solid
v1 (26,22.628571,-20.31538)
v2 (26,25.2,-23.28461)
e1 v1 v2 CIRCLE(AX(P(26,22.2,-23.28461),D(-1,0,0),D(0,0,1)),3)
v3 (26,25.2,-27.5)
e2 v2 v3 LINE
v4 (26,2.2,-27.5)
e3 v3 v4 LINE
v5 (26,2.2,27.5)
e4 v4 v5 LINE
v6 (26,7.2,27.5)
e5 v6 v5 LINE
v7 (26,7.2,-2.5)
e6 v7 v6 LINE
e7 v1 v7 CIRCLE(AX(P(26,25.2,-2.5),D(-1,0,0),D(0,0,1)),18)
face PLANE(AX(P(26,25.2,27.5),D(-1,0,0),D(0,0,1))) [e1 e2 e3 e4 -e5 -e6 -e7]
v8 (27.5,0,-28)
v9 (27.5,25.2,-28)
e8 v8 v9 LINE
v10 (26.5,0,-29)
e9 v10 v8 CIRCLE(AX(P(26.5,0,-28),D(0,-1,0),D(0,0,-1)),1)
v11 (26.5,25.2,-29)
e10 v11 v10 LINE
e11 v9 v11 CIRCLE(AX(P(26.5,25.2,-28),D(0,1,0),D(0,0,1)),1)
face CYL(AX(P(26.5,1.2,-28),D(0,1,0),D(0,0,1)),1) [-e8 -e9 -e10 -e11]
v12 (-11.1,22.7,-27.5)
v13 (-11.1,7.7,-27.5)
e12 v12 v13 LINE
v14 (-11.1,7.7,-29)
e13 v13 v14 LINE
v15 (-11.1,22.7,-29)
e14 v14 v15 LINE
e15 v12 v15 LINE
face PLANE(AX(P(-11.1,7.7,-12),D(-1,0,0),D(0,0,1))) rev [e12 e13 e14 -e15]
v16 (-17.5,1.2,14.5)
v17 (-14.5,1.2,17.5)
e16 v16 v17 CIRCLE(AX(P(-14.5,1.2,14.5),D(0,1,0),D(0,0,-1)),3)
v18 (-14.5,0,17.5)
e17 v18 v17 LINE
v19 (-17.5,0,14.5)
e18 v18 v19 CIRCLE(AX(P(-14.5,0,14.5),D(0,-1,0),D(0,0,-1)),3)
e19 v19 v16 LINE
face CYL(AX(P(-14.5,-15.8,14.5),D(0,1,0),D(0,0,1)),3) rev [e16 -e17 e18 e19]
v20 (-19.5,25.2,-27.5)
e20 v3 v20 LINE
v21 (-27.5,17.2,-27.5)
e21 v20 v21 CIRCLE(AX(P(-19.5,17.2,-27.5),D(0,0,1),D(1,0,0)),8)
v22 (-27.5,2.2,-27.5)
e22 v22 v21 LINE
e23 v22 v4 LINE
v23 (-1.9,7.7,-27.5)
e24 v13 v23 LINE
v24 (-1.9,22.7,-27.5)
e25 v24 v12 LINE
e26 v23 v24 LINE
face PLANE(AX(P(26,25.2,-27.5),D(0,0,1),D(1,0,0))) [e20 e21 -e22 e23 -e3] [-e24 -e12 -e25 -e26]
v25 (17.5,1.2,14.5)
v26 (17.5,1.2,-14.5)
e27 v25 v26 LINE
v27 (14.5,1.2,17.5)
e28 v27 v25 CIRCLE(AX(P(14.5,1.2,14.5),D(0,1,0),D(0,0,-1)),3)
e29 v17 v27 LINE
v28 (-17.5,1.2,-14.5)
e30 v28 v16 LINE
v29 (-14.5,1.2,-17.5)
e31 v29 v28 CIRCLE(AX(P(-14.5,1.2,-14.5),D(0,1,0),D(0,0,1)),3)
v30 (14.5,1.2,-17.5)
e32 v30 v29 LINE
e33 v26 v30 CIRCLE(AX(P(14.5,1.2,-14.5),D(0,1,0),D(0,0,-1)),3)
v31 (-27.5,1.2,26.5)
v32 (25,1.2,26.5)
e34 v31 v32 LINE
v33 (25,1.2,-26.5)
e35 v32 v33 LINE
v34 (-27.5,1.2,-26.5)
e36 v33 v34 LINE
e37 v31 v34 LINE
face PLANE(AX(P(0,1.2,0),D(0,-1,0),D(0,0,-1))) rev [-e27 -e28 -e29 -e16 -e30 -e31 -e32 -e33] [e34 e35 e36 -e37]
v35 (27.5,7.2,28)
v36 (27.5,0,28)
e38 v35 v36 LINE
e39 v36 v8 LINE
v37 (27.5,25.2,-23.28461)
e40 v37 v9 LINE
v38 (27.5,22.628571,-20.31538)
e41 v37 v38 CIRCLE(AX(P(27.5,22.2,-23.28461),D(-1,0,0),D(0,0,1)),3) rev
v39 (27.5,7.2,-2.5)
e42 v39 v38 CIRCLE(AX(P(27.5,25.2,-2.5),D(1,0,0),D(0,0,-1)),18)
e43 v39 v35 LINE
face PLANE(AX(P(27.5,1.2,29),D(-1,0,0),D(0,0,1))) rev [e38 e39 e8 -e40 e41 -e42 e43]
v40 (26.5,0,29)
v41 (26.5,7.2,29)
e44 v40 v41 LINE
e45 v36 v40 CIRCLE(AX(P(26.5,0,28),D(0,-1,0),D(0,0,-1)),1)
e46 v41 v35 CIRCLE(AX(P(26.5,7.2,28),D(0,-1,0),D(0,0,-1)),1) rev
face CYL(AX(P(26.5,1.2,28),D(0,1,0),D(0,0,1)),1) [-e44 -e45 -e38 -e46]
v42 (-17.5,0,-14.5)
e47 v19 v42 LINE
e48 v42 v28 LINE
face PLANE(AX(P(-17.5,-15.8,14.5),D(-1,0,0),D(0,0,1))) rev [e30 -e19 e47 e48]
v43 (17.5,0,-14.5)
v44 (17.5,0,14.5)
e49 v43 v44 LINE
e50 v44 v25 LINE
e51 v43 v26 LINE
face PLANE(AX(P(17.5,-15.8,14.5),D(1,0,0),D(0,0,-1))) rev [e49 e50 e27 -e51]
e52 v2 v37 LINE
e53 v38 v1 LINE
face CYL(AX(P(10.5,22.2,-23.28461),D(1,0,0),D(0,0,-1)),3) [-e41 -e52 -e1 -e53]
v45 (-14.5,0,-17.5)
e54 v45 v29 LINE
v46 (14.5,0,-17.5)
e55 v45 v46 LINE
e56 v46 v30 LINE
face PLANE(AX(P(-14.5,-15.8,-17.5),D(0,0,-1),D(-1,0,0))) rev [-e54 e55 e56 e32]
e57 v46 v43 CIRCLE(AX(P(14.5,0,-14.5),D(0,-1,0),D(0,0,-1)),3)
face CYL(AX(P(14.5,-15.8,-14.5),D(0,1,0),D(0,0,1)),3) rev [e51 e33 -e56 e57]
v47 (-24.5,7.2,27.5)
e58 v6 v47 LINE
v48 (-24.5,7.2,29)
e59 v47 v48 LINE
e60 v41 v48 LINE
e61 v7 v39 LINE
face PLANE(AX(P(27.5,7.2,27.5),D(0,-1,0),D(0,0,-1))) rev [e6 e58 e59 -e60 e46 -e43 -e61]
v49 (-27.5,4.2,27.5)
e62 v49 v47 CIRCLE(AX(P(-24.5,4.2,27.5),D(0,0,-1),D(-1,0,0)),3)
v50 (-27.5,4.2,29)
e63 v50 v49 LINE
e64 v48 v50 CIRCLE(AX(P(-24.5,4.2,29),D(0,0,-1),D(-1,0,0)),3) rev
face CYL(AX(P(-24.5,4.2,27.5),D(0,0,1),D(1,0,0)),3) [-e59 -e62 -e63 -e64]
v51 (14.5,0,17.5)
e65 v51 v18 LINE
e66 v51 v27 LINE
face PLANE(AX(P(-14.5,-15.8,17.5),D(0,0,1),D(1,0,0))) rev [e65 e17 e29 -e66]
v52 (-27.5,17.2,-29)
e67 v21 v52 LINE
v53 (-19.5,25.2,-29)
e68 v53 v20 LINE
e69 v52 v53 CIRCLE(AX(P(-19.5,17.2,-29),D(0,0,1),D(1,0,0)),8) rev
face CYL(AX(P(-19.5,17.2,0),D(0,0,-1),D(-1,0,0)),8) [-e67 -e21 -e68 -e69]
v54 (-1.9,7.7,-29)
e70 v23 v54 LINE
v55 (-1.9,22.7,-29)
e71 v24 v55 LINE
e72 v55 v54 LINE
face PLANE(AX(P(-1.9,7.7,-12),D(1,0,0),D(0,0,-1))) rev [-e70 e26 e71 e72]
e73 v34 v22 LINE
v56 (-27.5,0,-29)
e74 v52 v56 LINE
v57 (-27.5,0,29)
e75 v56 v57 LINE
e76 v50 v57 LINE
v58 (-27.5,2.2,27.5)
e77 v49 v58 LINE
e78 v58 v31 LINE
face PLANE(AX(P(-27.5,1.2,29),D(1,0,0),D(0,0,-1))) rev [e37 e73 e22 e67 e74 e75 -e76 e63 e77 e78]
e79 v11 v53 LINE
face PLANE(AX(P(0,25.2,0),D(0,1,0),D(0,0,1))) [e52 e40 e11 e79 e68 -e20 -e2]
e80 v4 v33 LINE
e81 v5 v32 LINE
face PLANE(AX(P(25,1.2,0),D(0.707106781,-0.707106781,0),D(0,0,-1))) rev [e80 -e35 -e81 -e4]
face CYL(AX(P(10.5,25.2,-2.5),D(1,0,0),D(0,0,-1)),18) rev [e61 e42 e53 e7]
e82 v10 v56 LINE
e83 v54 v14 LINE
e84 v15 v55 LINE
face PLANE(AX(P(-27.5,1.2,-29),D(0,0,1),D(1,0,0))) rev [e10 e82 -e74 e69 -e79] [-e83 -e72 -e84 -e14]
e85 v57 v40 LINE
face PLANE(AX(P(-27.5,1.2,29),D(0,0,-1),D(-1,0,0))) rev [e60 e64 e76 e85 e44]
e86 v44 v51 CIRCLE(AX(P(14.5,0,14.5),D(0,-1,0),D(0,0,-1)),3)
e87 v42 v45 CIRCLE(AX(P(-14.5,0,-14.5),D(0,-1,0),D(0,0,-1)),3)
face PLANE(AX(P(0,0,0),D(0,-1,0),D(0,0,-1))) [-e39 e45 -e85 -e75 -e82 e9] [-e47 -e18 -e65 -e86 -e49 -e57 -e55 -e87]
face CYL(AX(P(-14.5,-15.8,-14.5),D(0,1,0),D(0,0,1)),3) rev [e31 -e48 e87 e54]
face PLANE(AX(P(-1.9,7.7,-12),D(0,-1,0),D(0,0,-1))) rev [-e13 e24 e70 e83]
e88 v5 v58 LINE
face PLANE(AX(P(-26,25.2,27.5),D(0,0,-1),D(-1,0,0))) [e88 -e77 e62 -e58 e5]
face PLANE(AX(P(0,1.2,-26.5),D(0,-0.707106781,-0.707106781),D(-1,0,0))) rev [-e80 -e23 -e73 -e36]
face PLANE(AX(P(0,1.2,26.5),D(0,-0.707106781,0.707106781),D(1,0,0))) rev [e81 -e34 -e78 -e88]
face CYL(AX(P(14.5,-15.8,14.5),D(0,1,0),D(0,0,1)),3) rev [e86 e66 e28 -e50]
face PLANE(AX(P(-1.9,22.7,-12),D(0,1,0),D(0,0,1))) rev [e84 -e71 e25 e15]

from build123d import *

# Parameters (mm, degrees)
ESBO_O1_W             = 55
ESBO_O1_H             = 58
BASE_DEPTH            = 1.2
ESBO_O2_W             = 55
ESBO_O2_H             = 58
ESBO_O2_W_2           = 52
ESBO_O2_H_2           = 55
PAREDES_DEPTH         = 24
ESBO_O3_W             = 4.971937724
ESBO_O3_H             = 55
CORTE_EXTRUS_O1_DEPTH = 24
ESBO_O4_W             = 9.2
ESBO_O4_H             = 15
ENCAIXE_CHAVE_DEPTH   = 17
ESBO_O5_W             = 1.5
ESBO_O5_H             = 18
CORTE_EXTRUS_O3_DEPTH = 68.089790579
ESBO_O6_W             = 30
ESBO_O6_H             = 18
CORTE_EXTRUS_O4_DEPTH = 17
FILETE1_R             = 8
FILETE2_R             = 3
FILETE3_R             = 3
FILETE4_R             = 1
FILETE5_R             = 1
CHANFRO1_SIZE         = 1
CORTE_EXTRUS_O5_DEPTH = 17


with BuildPart() as part:
    # Esboço1 → Base (new body)
    with BuildSketch(Plane(origin=(0, 0, 0), x_dir=(1, 0, 0), z_dir=(0, 1, 0))):
        Rectangle(ESBO_O1_W, ESBO_O1_H)
    extrude(amount=BASE_DEPTH)

    # Esboço2 → Paredes (add)
    with BuildSketch(Plane(origin=(0, 1.2, 0), x_dir=(1, 0, 0), z_dir=(0, 1, 0))):
        Rectangle(ESBO_O2_W, ESBO_O2_H)
        Rectangle(ESBO_O2_W_2, ESBO_O2_H_2, mode=Mode.SUBTRACT)
    extrude(amount=PAREDES_DEPTH)

    # Esboço3 → Corte-extrusão1 (cut)
    with BuildSketch(Plane(origin=(0, 25.2, 0), x_dir=(1, 0, 0), z_dir=(0, 1, 0))):
        with Locations((-27.5, 0)):
            Rectangle(ESBO_O3_W, ESBO_O3_H)
    extrude(amount=-CORTE_EXTRUS_O1_DEPTH, mode=Mode.SUBTRACT)

    # Esboço4 → Encaixe chave (cut)
    with BuildSketch(Plane(origin=(0, 0, -29), x_dir=(-1, 0, 0), z_dir=(0, 0, -1))):
        with Locations((6.5, 15.2)):
            Rectangle(ESBO_O4_W, ESBO_O4_H)
    extrude(amount=-ENCAIXE_CHAVE_DEPTH, mode=Mode.SUBTRACT)

    # Esboço5 → Corte-extrusão3 (cut, through all)
    with BuildSketch(Plane.ZY.offset(27.5)):
        with Locations((28.25, 16.2)):
            Rectangle(ESBO_O5_W, ESBO_O5_H)
    extrude(amount=-CORTE_EXTRUS_O3_DEPTH, mode=Mode.SUBTRACT)

    # Esboço6 → Corte-extrusão4 (cut)
    with BuildSketch(Plane(origin=(27.5, 0, 0), x_dir=(0, 0, -1), z_dir=(1, 0, 0))):
        with BuildLine():
            Line((20.5, 25.2), (2.5, 25.2))
            Line((2.5, 25.2), (2.5, 7.2))
            ThreePointArc((2.5, 7.2), (15.227922061, 12.472077939), (20.5, 25.2))
        make_face()
        with Locations((-12.5, 16.2)):
            Rectangle(ESBO_O6_W, ESBO_O6_H)
    extrude(amount=-CORTE_EXTRUS_O4_DEPTH, mode=Mode.SUBTRACT)

    # Filete1
    filete1_edges = [part.edges().sort_by_distance(p)[0] for p in [
        (-27.5, 25.2, -28.25),
    ]]
    fillet(filete1_edges, radius=FILETE1_R)

    # Filete2
    filete2_edges = [part.edges().sort_by_distance(p)[0] for p in [
        (-27.5, 7.2, 28.25),
    ]]
    fillet(filete2_edges, radius=FILETE2_R)

    # Filete3
    filete3_edges = [part.edges().sort_by_distance(p)[0] for p in [
        (26.75, 25.2, -20.5),
    ]]
    fillet(filete3_edges, radius=FILETE3_R)

    # Filete4
    filete4_edges = [part.edges().sort_by_distance(p)[0] for p in [
        (27.5, 3.6, 29),
    ]]
    fillet(filete4_edges, radius=FILETE4_R)

    # Filete5
    filete5_edges = [part.edges().sort_by_distance(p)[0] for p in [
        (27.5, 12.6, -29),
    ]]
    fillet(filete5_edges, radius=FILETE5_R)

    # Chanfro1
    chanfro1_edges = [part.edges().sort_by_distance(p)[0] for p in [
        (26, 1.2, 0),
        (-0.75, 1.2, -27.5),
        (-0.75, 1.2, 27.5),
    ]]
    chamfer(chanfro1_edges, length=CHANFRO1_SIZE)

    # Esboço7 → Corte-extrusão5 (cut)
    with BuildSketch(Plane(origin=(0, 1.2, 0), x_dir=(1, 0, 0), z_dir=(0, 1, 0))):
        with BuildLine():
            Line((-14.5, -17.5), (14.5, -17.5))
            ThreePointArc((14.5, -17.5), (16.621320344, -16.621320344), (17.5, -14.5))
            Line((17.5, -14.5), (17.5, 14.5))
            ThreePointArc((17.5, 14.5), (16.621320344, 16.621320344), (14.5, 17.5))
            Line((14.5, 17.5), (-14.5, 17.5))
            ThreePointArc((-14.5, 17.5), (-16.621320344, 16.621320344), (-17.5, 14.5))
            Line((-17.5, 14.5), (-17.5, -14.5))
            ThreePointArc((-17.5, -14.5), (-16.621320344, -16.621320344), (-14.5, -17.5))
        make_face()
    extrude(amount=-CORTE_EXTRUS_O5_DEPTH, mode=Mode.SUBTRACT)


solid = part.part
